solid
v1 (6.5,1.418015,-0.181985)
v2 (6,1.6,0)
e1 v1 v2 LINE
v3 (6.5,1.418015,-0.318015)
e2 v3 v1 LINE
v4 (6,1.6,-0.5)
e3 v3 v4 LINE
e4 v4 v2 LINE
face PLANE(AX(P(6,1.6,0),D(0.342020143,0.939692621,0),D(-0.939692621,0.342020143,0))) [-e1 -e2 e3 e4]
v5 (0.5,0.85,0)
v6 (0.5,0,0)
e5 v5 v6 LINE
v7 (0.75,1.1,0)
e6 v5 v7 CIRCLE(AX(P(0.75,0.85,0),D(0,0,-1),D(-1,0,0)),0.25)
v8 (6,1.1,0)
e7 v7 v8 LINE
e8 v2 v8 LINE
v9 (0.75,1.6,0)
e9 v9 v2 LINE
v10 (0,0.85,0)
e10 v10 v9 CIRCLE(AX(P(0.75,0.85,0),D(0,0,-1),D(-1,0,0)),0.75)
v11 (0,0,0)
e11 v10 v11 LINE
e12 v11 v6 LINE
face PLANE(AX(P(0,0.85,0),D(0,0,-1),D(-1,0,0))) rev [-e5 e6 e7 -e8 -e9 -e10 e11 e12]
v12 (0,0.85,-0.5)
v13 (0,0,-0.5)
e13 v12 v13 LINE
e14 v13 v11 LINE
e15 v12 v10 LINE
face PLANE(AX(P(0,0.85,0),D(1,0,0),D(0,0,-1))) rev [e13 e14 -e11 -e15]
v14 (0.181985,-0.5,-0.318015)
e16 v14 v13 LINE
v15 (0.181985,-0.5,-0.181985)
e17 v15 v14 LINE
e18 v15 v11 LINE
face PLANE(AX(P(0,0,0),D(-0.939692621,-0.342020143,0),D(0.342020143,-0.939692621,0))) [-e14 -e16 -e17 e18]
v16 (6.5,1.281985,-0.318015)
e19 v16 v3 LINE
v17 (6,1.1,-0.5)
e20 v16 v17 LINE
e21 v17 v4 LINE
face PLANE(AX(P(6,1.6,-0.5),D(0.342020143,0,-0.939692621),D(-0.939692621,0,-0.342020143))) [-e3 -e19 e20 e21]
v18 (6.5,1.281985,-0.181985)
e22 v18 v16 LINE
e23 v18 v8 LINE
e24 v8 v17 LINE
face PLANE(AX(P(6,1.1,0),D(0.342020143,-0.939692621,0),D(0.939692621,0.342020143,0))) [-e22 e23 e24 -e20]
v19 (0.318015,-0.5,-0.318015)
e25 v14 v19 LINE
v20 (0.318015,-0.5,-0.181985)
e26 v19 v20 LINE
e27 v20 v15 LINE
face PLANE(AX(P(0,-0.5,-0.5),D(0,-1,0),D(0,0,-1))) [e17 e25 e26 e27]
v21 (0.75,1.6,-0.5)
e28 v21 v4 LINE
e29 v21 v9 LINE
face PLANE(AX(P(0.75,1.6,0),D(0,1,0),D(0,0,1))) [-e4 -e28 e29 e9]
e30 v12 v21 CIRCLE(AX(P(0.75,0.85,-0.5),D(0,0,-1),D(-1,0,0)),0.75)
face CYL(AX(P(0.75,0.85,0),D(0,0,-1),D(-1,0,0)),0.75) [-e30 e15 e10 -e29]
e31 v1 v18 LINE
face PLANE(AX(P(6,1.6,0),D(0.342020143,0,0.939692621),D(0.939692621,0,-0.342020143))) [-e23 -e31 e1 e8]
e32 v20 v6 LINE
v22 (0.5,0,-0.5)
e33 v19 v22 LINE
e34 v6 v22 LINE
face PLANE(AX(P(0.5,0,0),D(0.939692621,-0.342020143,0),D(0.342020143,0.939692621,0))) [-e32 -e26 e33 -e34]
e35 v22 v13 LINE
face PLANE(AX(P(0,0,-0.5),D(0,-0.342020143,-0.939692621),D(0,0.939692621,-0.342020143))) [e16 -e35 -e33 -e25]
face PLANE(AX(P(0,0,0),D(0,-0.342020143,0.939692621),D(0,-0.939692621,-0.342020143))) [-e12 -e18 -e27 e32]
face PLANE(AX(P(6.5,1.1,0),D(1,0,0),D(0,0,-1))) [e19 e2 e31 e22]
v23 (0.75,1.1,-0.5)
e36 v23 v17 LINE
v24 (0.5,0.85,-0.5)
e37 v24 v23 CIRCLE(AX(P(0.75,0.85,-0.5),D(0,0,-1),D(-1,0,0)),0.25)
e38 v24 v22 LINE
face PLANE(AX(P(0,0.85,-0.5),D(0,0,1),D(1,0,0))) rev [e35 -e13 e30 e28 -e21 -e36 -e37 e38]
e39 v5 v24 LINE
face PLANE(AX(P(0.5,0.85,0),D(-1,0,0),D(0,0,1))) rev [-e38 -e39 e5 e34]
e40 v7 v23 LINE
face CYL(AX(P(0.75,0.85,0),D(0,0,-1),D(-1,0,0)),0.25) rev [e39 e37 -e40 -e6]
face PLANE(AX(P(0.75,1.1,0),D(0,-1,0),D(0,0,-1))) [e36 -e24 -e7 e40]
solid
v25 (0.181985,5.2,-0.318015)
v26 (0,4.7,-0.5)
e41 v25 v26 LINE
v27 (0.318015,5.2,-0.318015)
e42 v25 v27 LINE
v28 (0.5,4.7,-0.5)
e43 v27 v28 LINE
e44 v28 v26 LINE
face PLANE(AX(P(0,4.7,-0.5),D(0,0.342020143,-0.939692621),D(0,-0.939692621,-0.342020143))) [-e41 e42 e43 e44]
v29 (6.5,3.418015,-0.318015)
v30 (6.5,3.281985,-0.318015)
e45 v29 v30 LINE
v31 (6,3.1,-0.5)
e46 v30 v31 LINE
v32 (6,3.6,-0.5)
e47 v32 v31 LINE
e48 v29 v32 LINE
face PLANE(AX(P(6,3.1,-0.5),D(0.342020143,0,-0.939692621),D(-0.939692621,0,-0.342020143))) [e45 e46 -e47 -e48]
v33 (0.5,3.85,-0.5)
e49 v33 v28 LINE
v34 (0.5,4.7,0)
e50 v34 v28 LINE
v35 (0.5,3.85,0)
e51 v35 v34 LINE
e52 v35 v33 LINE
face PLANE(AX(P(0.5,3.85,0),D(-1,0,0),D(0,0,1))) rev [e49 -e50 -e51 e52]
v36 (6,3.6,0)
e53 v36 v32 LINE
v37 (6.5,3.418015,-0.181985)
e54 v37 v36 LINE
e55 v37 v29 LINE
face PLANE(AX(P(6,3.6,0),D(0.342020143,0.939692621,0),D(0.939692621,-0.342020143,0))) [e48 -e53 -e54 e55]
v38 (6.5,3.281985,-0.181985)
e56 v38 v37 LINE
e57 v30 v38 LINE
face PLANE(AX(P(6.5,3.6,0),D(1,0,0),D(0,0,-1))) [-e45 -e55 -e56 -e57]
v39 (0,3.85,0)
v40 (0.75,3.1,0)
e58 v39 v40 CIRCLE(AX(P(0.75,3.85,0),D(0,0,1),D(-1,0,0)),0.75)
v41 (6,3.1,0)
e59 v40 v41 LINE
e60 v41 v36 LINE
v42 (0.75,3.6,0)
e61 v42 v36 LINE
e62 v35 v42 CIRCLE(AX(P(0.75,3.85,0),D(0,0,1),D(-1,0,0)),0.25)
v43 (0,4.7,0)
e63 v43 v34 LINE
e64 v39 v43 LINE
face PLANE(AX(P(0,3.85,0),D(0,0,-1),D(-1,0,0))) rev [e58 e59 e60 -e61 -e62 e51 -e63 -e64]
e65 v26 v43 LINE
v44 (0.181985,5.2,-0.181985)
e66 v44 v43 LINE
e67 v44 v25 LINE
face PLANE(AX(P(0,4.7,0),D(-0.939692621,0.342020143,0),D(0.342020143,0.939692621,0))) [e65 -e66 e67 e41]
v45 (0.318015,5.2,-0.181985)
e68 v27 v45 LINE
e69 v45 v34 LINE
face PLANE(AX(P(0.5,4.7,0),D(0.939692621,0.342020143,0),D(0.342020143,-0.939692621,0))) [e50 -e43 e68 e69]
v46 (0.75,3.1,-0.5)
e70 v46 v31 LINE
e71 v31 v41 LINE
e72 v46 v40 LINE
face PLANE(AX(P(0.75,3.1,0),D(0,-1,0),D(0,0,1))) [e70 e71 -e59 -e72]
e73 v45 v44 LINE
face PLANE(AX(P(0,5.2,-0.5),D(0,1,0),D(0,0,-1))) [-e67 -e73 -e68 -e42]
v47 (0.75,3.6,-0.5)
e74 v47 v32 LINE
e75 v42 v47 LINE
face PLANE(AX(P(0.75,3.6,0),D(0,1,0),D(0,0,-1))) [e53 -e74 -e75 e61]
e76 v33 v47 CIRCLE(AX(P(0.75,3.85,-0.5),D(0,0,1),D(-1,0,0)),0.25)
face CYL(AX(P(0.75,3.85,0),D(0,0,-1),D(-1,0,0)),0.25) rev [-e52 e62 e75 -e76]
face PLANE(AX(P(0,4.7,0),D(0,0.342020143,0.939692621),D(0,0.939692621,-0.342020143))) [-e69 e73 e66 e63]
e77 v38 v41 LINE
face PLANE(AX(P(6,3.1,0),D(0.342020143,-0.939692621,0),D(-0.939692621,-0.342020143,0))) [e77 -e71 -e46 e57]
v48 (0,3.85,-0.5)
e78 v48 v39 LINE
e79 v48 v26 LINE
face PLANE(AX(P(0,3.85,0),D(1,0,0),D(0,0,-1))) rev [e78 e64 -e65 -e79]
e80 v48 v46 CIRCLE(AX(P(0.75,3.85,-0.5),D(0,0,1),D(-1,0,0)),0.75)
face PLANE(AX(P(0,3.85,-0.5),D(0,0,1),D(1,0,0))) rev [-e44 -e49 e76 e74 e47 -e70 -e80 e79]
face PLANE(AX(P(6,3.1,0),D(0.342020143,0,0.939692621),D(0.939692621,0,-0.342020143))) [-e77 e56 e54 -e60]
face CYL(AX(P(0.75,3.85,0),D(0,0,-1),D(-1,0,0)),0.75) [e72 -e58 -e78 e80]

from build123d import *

# Parameters (mm, degrees)
SKETCH1_W           = 0.5
SKETCH1_H           = 0.5
SKETCH6_W           = 0.5
SKETCH6_H           = 0.5
BOSS_EXTRUDE1_DEPTH = 0.5
BOSS_EXTRUDE1_TAPER = 20
SKETCH7_W           = 0.5
SKETCH7_H           = 0.5
BOSS_EXTRUDE2_DEPTH = 0.5
BOSS_EXTRUDE2_TAPER = 20


with BuildPart() as part:
    # Sweep4: sweep along a path in Sketch2
    with BuildLine(Plane.XY) as sweep4_path:
        Line((0.25, 0), (0.25, 0.85))
        ThreePointArc((0.25, 0.85), (0.396446609, 1.203553391), (0.75, 1.35))
        Line((0.75, 1.35), (6, 1.35))
    # Sketch1 → Sweep4 (sweep)
    with BuildSketch(Plane(origin=(0, 0, 0), x_dir=(1, 0, 0), z_dir=(0, 1, 0))):
        with Locations((0.25, 0.25)):
            Rectangle(SKETCH1_W, SKETCH1_H)
    sweep(path=sweep4_path.line)

    # Sketch6 → Boss-Extrude1 (add)
    with BuildSketch(Plane(origin=(6, 0, 0), x_dir=(0, 0, -1), z_dir=(1, 0, 0))):
        with Locations((0.25, 1.35)):
            Rectangle(SKETCH6_W, SKETCH6_H)
    extrude(amount=BOSS_EXTRUDE1_DEPTH, taper=BOSS_EXTRUDE1_TAPER)

    # Sketch7 → Boss-Extrude2 (add)
    with BuildSketch(Plane.XZ):
        with Locations((0.25, -0.25)):
            Rectangle(SKETCH7_W, SKETCH7_H)
    extrude(amount=BOSS_EXTRUDE2_DEPTH, taper=BOSS_EXTRUDE2_TAPER)


with BuildPart() as body_2:
    # Mirror3: mirrored copy
    add(part.part.mirror(Plane.ZX.offset(2.35)))


solid = Compound([part.part, body_2.part])
